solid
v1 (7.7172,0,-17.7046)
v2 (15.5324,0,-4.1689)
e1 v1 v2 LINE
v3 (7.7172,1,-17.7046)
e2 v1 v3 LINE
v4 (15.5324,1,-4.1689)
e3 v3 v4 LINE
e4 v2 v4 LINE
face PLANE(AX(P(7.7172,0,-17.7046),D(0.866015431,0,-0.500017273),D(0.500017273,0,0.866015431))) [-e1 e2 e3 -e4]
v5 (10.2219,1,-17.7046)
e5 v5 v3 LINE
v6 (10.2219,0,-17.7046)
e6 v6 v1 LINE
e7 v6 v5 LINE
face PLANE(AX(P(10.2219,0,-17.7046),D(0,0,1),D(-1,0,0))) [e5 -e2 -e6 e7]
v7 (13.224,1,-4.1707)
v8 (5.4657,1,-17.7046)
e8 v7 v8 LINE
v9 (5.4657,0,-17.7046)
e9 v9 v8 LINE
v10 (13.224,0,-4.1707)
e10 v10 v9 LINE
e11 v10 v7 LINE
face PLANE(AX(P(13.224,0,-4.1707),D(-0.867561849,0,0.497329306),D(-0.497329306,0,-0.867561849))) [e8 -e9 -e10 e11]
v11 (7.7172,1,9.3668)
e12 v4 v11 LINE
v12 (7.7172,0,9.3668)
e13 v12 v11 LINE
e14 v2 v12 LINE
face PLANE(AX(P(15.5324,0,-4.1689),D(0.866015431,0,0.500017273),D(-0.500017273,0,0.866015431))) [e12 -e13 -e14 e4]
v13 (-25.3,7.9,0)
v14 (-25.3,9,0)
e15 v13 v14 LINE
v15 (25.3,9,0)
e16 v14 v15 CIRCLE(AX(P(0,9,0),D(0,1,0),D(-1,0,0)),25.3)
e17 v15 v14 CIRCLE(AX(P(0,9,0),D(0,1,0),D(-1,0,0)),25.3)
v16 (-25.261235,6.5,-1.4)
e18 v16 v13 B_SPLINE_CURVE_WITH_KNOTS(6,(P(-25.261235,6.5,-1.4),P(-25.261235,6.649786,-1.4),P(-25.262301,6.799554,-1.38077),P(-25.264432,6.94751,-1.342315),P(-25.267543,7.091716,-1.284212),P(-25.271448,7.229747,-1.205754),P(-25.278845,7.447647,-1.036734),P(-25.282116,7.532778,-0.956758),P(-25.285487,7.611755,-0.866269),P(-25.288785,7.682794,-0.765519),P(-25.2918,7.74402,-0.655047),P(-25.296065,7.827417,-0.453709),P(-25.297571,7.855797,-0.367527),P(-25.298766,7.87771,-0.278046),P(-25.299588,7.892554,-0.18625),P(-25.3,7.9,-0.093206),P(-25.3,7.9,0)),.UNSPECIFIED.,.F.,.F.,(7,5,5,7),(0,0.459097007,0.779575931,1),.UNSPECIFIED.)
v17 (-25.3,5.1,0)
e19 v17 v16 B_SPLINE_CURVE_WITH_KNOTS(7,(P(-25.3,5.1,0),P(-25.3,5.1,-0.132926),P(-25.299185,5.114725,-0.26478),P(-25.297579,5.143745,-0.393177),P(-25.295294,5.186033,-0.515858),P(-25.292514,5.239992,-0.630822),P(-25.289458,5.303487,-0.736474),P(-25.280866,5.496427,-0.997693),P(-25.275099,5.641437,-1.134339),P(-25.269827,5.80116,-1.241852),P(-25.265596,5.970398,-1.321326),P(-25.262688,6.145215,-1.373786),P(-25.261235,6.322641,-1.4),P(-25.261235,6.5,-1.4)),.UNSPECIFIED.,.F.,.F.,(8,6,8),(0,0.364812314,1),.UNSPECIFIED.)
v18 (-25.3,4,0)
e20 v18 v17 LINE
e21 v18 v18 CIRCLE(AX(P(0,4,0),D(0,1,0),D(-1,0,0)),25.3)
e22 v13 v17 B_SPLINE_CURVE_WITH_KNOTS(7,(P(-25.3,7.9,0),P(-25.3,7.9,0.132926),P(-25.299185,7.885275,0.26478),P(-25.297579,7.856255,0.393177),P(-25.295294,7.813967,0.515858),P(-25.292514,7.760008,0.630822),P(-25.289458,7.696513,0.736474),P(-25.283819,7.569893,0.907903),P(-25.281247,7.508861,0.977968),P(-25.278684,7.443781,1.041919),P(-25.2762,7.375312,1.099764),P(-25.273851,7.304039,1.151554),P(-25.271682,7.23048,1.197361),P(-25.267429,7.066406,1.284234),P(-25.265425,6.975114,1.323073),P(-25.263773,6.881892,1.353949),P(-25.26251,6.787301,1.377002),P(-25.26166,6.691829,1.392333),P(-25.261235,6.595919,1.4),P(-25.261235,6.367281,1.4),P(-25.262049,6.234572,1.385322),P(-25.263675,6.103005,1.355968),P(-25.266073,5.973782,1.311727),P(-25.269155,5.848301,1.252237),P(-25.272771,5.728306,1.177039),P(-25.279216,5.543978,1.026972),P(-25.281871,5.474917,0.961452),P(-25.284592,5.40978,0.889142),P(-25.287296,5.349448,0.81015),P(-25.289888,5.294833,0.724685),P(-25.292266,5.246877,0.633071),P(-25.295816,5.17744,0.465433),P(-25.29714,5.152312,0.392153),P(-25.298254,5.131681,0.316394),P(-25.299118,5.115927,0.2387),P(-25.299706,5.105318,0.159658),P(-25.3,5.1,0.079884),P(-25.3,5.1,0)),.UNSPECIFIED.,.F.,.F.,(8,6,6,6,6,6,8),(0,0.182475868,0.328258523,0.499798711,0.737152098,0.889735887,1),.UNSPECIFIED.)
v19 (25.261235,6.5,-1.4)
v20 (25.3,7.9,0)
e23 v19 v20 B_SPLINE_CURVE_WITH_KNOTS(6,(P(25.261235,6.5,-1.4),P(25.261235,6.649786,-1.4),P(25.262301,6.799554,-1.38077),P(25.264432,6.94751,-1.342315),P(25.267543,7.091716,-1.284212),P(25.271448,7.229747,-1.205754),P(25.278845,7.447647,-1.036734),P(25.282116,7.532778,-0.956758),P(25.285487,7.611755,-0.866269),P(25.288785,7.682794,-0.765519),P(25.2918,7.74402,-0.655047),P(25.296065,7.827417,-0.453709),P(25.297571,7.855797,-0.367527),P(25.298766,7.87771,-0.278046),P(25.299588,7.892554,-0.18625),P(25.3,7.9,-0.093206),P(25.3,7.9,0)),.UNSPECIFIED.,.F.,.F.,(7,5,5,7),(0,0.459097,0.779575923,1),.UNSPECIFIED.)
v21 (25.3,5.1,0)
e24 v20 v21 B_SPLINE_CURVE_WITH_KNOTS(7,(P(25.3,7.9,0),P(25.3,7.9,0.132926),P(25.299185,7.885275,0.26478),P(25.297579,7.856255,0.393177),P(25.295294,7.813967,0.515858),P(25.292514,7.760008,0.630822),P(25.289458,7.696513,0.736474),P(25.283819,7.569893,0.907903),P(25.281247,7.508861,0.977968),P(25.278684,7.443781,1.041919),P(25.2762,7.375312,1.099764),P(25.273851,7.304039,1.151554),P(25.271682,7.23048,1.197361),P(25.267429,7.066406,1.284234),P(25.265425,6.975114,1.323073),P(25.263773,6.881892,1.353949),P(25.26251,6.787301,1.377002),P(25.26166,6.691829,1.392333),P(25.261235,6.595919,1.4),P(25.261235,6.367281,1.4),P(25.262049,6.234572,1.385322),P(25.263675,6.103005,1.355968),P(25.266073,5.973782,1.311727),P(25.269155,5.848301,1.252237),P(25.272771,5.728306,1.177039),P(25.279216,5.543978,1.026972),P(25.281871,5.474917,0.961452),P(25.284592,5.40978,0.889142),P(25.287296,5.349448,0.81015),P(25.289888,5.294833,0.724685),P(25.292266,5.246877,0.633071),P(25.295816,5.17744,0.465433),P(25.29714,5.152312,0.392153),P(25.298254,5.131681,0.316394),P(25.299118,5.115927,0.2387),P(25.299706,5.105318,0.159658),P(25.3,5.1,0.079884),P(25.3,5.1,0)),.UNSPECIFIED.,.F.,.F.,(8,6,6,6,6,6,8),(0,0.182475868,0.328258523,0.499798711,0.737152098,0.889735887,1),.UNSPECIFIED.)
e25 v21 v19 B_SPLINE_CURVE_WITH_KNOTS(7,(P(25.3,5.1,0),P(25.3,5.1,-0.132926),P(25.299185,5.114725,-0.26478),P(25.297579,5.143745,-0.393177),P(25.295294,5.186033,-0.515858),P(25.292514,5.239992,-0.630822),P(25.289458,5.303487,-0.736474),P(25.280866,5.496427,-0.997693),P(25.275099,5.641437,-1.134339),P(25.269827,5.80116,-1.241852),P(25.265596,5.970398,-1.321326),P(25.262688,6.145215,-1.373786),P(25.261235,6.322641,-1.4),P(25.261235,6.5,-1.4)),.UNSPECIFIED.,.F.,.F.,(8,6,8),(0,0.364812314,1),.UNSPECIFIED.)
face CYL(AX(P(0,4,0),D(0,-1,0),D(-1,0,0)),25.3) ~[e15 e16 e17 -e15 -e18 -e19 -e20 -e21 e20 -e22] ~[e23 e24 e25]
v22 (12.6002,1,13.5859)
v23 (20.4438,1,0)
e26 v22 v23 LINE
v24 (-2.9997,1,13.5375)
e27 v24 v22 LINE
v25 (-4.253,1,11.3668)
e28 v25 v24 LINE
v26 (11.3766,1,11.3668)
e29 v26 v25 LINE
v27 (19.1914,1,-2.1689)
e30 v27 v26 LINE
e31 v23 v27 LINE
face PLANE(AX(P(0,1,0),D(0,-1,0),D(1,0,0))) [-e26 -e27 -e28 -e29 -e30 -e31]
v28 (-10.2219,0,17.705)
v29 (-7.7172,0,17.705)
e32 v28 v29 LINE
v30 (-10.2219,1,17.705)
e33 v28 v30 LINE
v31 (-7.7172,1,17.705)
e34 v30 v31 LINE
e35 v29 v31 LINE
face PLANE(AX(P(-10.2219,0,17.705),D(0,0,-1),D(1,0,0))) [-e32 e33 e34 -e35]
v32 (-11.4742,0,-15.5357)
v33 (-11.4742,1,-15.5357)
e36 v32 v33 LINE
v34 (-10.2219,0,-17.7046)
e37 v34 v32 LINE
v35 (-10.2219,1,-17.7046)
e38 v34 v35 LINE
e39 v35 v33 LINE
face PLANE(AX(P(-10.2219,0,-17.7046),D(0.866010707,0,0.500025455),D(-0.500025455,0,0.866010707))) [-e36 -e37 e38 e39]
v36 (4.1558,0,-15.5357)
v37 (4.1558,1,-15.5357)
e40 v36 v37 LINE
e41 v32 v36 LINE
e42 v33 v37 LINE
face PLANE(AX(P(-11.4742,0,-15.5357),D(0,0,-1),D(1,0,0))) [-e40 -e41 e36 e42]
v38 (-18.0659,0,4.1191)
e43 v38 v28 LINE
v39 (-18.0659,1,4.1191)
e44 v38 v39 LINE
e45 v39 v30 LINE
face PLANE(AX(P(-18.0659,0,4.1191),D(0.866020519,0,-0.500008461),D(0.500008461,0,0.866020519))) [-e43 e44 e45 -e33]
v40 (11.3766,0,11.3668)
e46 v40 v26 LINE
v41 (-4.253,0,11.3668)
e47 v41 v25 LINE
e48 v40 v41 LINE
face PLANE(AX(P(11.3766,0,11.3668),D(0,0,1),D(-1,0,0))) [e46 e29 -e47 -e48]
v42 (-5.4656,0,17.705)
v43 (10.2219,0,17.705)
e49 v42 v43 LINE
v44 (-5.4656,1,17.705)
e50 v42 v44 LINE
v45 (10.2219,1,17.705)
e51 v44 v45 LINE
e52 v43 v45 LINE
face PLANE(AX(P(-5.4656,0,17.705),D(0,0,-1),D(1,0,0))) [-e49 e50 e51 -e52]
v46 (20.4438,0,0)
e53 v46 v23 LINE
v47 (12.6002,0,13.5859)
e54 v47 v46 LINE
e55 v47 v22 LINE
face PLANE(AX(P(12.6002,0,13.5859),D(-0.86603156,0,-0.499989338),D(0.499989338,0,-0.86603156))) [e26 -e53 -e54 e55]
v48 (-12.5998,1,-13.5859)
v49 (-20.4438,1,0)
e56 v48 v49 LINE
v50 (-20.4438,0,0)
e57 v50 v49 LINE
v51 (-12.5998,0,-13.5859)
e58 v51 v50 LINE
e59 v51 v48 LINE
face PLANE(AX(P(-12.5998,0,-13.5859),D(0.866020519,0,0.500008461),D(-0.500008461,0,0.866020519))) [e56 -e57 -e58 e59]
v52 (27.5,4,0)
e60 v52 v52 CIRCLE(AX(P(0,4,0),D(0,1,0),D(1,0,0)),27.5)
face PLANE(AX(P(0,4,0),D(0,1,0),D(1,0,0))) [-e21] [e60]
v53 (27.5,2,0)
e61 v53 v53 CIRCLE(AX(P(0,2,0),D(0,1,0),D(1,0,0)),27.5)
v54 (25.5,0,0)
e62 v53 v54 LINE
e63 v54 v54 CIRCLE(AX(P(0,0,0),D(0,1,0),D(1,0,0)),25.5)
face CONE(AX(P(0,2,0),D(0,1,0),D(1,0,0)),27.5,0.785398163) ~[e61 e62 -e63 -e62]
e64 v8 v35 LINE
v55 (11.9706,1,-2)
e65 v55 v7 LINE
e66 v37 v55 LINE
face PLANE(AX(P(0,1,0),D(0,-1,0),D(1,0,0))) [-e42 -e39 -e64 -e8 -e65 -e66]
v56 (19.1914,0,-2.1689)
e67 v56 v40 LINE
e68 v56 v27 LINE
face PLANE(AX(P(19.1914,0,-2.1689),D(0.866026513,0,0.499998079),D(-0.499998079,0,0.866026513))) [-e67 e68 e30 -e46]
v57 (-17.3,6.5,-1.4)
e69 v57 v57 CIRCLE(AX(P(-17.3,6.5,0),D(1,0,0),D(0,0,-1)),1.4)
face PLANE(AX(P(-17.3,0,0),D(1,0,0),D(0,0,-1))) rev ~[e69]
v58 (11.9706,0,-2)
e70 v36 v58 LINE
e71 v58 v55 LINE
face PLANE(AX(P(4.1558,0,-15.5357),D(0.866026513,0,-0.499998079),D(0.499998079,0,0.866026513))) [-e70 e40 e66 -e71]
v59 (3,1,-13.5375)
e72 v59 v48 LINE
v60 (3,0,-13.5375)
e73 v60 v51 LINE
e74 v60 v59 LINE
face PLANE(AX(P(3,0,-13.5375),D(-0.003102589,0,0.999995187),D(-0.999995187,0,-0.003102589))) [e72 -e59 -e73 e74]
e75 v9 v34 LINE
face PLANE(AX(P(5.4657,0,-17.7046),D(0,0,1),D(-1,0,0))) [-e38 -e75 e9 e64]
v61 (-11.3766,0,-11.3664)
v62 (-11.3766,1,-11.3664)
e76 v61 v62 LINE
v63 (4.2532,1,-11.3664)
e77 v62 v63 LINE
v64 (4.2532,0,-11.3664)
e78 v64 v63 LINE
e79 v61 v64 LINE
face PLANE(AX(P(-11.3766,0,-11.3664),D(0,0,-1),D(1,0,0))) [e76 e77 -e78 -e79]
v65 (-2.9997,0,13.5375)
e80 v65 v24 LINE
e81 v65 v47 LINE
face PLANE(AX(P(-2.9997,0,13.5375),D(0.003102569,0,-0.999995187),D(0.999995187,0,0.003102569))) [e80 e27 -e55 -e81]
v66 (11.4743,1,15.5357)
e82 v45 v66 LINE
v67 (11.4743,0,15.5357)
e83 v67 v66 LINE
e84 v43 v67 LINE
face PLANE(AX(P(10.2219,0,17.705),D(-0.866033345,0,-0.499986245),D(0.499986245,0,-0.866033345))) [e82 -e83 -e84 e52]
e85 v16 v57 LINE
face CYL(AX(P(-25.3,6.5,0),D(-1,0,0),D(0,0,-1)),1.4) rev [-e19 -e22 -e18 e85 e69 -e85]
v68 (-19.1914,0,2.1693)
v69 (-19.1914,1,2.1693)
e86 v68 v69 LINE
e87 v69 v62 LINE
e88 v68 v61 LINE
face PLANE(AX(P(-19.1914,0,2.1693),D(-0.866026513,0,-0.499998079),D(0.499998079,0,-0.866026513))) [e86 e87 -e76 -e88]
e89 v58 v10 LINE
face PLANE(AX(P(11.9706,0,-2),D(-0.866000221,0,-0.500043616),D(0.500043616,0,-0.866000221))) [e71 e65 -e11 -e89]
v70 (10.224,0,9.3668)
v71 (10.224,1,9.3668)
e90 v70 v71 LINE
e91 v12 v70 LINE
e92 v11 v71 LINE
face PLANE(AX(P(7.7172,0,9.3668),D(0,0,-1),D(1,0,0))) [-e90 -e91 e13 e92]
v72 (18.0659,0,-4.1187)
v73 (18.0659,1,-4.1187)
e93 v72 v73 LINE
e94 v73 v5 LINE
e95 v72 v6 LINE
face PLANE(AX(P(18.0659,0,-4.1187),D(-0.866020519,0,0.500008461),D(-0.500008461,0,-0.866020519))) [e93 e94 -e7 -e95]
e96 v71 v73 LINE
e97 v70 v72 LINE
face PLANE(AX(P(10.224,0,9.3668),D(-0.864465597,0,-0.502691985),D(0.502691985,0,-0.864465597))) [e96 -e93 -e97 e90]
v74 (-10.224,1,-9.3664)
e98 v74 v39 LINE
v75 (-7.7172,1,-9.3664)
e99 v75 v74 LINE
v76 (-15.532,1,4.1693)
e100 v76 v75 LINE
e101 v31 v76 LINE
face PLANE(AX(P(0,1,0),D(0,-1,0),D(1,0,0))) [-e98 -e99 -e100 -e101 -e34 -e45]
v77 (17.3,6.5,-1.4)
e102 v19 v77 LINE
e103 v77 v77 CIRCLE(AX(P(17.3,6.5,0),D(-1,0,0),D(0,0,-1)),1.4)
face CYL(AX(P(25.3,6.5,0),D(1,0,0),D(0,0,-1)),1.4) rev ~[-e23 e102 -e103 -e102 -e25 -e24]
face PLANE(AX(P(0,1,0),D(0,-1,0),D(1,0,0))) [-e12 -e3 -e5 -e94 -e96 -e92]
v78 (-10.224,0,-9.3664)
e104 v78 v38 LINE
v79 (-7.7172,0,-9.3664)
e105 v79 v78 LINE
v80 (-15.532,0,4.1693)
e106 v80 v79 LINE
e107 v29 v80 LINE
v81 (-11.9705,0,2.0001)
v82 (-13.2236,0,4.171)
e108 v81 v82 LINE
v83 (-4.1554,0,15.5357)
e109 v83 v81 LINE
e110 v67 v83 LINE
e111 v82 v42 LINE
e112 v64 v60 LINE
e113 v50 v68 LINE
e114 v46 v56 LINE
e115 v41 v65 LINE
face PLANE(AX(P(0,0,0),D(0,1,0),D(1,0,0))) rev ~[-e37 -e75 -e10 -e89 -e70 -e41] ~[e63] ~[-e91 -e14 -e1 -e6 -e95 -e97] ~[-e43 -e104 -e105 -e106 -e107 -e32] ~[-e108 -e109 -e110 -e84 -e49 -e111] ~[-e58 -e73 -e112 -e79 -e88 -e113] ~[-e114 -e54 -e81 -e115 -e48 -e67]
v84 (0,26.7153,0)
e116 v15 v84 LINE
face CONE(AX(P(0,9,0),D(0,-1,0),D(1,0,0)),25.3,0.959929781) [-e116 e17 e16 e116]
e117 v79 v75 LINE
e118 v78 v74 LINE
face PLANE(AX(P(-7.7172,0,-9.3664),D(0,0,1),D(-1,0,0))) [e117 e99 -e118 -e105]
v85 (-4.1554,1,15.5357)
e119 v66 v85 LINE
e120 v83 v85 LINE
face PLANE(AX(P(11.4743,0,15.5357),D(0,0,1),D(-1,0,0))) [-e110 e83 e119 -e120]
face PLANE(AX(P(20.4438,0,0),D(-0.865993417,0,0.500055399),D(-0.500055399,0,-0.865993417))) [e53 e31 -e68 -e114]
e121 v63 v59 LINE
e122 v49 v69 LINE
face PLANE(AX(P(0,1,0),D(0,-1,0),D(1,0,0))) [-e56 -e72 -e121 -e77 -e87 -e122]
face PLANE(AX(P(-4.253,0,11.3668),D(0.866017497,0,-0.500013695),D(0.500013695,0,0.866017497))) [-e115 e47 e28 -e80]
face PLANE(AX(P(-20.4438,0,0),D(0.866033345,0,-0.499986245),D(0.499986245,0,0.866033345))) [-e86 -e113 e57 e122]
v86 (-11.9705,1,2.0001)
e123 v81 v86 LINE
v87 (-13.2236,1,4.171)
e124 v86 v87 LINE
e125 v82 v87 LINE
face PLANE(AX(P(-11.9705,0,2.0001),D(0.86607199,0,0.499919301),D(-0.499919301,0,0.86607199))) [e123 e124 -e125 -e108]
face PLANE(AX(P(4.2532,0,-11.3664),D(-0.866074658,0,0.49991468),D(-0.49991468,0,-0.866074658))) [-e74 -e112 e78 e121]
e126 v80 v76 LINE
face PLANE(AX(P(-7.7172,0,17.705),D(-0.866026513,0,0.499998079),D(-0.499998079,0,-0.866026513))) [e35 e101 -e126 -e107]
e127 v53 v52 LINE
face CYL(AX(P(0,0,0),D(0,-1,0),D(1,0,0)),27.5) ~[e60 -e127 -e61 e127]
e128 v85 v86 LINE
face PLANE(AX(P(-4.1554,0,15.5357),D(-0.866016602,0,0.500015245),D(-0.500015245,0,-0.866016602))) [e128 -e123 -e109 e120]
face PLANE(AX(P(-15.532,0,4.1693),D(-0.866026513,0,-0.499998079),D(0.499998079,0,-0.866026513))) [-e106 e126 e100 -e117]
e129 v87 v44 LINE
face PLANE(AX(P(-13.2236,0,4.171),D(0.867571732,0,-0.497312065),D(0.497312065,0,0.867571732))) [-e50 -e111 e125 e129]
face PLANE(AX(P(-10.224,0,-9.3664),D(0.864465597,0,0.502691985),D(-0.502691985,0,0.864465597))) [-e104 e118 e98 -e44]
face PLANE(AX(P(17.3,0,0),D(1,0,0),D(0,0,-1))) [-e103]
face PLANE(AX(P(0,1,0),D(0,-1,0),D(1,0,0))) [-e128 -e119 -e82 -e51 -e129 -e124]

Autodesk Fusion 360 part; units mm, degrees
sketch "Sketch1" plane through (0, 0, 0) normal (0, 1, 0) x (1, 0, 0)
  circle A0 centre (0, 0) radius 27.5
  dimension "d1" = 55
extrude "Extrude1" add sketch "Sketch1" along normal blind 4
sketch "Sketch2" plane through (0, 4, 0) normal (0, 1, 0) x (-1, 0, 0)
  circle A0 centre (0, 0) radius 27.5
  circle A1 centre (0, 0) radius 25.3
  dimension "d4" = 50.6
extrude "Extrude2" add sketch "Sketch2" along normal blind 5 contours A1
sketch "Sketch3" plane through (0, 0, 0) normal (0, -1, 0) x (1, 0, 0)
  circle A0 centre (0, 0) radius 27.5
  line L0 (21.5985, 0) -> (19.1914, -4.1689)
  line L1 (3.5784, -14.5357) -> (-13.1761, -14.5877)
  line L2 (-11.9706, 0) -> (-14.3773, 4.1693)
  line L3 (-14.3773, 4.1693) -> (-5.9851, -10.3664)
  line L4 (14.3777, -4.1689) -> (6.0451, -18.7046)
  line L5 (5.9851, -10.3664) -> (3.5784, -14.5357)
  line L6 (-14.3773, 4.1693) -> (-6.0451, 18.705)
  line L7 (-5.9851, 18.705) -> (-14.3773, 4.1693)
  line L8 (-10.7992, -10.3664) -> (-19.2216, 4.1173)
  line L9 (-19.1914, 4.1693) -> (-10.7992, -10.3664)
  line L10 (-10.7992, -18.7046) -> (-13.2063, -14.5357)
  line L11 (-5.9851, -10.3664) -> (-10.7992, -10.3664)
  line L12 (-21.5985, 0) -> (-19.1914, 4.1693)
  line L13 (10.7992, 10.3668) -> (19.2216, -4.1169)
  line L14 (-10.7992, -10.3664) -> (5.9851, -10.3664)
  line L15 (-13.2063, -14.5357) -> (3.5784, -14.5357)
  line L16 (14.3777, -4.1689) -> (5.9851, 10.3668)
  line L17 (13.2063, 14.5357) -> (-3.578, 14.5357)
  line L18 (6.0451, -18.7046) -> (-10.7992, -18.7046)
  line L19 (11.9706, 0) -> (14.3777, -4.1689)
  line L20 (19.1914, -4.1689) -> (10.7992, 10.3668)
  line L21 (5.9851, -18.7046) -> (14.3777, -4.1689)
  line L22 (13.1765, 14.5877) -> (21.5985, 0)
  line L23 (-6.0451, 18.705) -> (10.7992, 18.705)
  line L24 (-3.578, 14.5357) -> (-11.9706, 0)
  line L25 (10.7992, 10.3668) -> (-5.9851, 10.3668)
  line L26 (10.7992, -18.7046) -> (5.9851, -18.7046)
  line L27 (19.2216, -4.1169) -> (10.7992, -18.7046)
  line L28 (10.7992, 18.705) -> (13.2063, 14.5357)
  line L29 (-11.9706, 0) -> (11.9706, 0)
  line L30 (0, 0) -> (0, 10.3668)
  line L31 (-19.2216, 4.1173) -> (-10.7992, 18.705)
  line L32 (-13.1761, -14.5877) -> (-21.5985, 0)
  line L33 (-10.7992, 18.705) -> (-5.9851, 18.705)
  line L34 (3.5784, -14.5357) -> (11.9706, 0)
  line L35 (5.9851, 10.3668) -> (10.7992, 10.3668)
  line L36 (-3.578, 14.5357) -> (13.1765, 14.5877)
  line L37 (-5.9851, 10.3668) -> (-3.578, 14.5357)
  line L38 (-13.2236, 4.171) -> (-5.4656, 17.705)
  line L39 (-5.4656, 17.705) -> (10.2219, 17.705)
  line L40 (10.2219, 17.705) -> (11.4743, 15.5357)
  line L41 (11.4743, 15.5357) -> (-4.1554, 15.5357)
  line L42 (-4.1554, 15.5357) -> (-11.9705, 2.0001)
  line L43 (-11.9705, 2.0001) -> (-13.2236, 4.171)
  line L44 (11.3766, 11.3668) -> (-4.253, 11.3668)
  line L45 (-4.253, 11.3668) -> (-2.9997, 13.5375)
  line L46 (-2.9997, 13.5375) -> (12.6002, 13.5859)
  line L47 (12.6002, 13.5859) -> (20.4438, 0)
  line L48 (20.4438, 0) -> (19.1914, -2.1689)
  line L49 (19.1914, -2.1689) -> (11.3766, 11.3668)
  line L50 (10.224, 9.3668) -> (18.0659, -4.1187)
  line L51 (18.0659, -4.1187) -> (10.2219, -17.7046)
  line L52 (10.2219, -17.7046) -> (7.7172, -17.7046)
  line L53 (7.7172, -17.7046) -> (15.5324, -4.1689)
  line L54 (15.5324, -4.1689) -> (7.7172, 9.3668)
  line L55 (7.7172, 9.3668) -> (10.224, 9.3668)
  line L56 (13.224, -4.1707) -> (5.4657, -17.7046)
  line L57 (5.4657, -17.7046) -> (-10.2219, -17.7046)
  line L58 (-10.2219, -17.7046) -> (-11.4742, -15.5357)
  line L59 (-11.4742, -15.5357) -> (4.1558, -15.5357)
  line L60 (4.1558, -15.5357) -> (11.9706, -2)
  line L61 (11.9706, -2) -> (13.224, -4.1707)
  line L62 (3, -13.5375) -> (-12.5998, -13.5859)
  line L63 (-12.5998, -13.5859) -> (-20.4438, 0)
  line L64 (-20.4438, 0) -> (-19.1914, 2.1693)
  line L65 (-19.1914, 2.1693) -> (-11.3766, -11.3664)
  line L66 (-11.3766, -11.3664) -> (4.2532, -11.3664)
  line L67 (4.2532, -11.3664) -> (3, -13.5375)
  line L68 (-10.224, -9.3664) -> (-18.0659, 4.1191)
  line L69 (-18.0659, 4.1191) -> (-10.2219, 17.705)
  line L70 (-10.2219, 17.705) -> (-7.7172, 17.705)
  line L71 (-7.7172, 17.705) -> (-15.532, 4.1693)
  line L72 (-15.532, 4.1693) -> (-7.7172, -9.3664)
  line L73 (-7.7172, -9.3664) -> (-10.224, -9.3664)
  dimension "d8" = 1
  dimension "d9" = 1
  dimension "d10" = 1
  dimension "d11" = 1
  dimension "d12" = 1
  dimension "d13" = 1
extrude "Extrude3" cut sketch "Sketch3" against normal blind 1 contours L38 L39 L40 L41 L42 L43 | L44 L45 L46 L47 L48 L49 | L50 L51 L52 L53 L54 L55 | L56 L57 L58 L59 L60 L61 | L62 L63 L64 L65 L66 L67 | L68 L69 L70 L71 L72 L73
chamfer "Chamfer1" distance 2 angle 45 1 edges at (-25.639, 0, 9.9444)
sketch "Sketch5" plane through (0, 0, 0) normal (0, 0, 1) x (1, 0, 0)
  line L0 (25.3, 9) -> (-25.3, 9)
  line L1 (25.3, 9) -> (0, 26.7153)
  line L2 (25.3, 9) -> (54.9449, 9) construction
  line L3 (0, 26.7153) -> (0, 9)
  line L4 (0, 26.7153) -> (0, 24.5)
  dimension "d19" = 145
  dimension "d37" = 30.8856
revolve "Revolve1" add sketch "Sketch5" angle 360 about axis through (0, 1.75, 0) along (0, 1, 0)
ref_plane "WorkPlane3" through (25.3, 0, 0) normal (1, 0, 0) x (0, 1, 0)
sketch "Sketch8" plane through (25.3, 0, 0) normal (1, 0, 0) x (0, 0, -1)
  line L0 (0, 9) -> (0, 6.5)
  circle A0 centre (0, 6.5) radius 1.4
  point P0 (0, 9)
  dimension "d28" = 2.5
  dimension "d29" = 2.8
extrude "Extrude6" cut sketch "Sketch8" against normal blind 8
ref_plane "WorkPlane4" through (-25.3, 0, 0) normal (1, 0, 0) x (0, 1, 0)
sketch "Sketch9" plane through (-25.3, 0, 0) normal (1, 0, 0) x (0, 0, -1)
  line L0 (0, 9) -> (0, 6.5)
  circle A0 centre (0, 6.5) radius 1.4
  point P0 (0, 9)
  dimension "d33" = 2.5
  dimension "d34" = 2.8
extrude "Extrude7" cut sketch "Sketch9" along normal blind 8
